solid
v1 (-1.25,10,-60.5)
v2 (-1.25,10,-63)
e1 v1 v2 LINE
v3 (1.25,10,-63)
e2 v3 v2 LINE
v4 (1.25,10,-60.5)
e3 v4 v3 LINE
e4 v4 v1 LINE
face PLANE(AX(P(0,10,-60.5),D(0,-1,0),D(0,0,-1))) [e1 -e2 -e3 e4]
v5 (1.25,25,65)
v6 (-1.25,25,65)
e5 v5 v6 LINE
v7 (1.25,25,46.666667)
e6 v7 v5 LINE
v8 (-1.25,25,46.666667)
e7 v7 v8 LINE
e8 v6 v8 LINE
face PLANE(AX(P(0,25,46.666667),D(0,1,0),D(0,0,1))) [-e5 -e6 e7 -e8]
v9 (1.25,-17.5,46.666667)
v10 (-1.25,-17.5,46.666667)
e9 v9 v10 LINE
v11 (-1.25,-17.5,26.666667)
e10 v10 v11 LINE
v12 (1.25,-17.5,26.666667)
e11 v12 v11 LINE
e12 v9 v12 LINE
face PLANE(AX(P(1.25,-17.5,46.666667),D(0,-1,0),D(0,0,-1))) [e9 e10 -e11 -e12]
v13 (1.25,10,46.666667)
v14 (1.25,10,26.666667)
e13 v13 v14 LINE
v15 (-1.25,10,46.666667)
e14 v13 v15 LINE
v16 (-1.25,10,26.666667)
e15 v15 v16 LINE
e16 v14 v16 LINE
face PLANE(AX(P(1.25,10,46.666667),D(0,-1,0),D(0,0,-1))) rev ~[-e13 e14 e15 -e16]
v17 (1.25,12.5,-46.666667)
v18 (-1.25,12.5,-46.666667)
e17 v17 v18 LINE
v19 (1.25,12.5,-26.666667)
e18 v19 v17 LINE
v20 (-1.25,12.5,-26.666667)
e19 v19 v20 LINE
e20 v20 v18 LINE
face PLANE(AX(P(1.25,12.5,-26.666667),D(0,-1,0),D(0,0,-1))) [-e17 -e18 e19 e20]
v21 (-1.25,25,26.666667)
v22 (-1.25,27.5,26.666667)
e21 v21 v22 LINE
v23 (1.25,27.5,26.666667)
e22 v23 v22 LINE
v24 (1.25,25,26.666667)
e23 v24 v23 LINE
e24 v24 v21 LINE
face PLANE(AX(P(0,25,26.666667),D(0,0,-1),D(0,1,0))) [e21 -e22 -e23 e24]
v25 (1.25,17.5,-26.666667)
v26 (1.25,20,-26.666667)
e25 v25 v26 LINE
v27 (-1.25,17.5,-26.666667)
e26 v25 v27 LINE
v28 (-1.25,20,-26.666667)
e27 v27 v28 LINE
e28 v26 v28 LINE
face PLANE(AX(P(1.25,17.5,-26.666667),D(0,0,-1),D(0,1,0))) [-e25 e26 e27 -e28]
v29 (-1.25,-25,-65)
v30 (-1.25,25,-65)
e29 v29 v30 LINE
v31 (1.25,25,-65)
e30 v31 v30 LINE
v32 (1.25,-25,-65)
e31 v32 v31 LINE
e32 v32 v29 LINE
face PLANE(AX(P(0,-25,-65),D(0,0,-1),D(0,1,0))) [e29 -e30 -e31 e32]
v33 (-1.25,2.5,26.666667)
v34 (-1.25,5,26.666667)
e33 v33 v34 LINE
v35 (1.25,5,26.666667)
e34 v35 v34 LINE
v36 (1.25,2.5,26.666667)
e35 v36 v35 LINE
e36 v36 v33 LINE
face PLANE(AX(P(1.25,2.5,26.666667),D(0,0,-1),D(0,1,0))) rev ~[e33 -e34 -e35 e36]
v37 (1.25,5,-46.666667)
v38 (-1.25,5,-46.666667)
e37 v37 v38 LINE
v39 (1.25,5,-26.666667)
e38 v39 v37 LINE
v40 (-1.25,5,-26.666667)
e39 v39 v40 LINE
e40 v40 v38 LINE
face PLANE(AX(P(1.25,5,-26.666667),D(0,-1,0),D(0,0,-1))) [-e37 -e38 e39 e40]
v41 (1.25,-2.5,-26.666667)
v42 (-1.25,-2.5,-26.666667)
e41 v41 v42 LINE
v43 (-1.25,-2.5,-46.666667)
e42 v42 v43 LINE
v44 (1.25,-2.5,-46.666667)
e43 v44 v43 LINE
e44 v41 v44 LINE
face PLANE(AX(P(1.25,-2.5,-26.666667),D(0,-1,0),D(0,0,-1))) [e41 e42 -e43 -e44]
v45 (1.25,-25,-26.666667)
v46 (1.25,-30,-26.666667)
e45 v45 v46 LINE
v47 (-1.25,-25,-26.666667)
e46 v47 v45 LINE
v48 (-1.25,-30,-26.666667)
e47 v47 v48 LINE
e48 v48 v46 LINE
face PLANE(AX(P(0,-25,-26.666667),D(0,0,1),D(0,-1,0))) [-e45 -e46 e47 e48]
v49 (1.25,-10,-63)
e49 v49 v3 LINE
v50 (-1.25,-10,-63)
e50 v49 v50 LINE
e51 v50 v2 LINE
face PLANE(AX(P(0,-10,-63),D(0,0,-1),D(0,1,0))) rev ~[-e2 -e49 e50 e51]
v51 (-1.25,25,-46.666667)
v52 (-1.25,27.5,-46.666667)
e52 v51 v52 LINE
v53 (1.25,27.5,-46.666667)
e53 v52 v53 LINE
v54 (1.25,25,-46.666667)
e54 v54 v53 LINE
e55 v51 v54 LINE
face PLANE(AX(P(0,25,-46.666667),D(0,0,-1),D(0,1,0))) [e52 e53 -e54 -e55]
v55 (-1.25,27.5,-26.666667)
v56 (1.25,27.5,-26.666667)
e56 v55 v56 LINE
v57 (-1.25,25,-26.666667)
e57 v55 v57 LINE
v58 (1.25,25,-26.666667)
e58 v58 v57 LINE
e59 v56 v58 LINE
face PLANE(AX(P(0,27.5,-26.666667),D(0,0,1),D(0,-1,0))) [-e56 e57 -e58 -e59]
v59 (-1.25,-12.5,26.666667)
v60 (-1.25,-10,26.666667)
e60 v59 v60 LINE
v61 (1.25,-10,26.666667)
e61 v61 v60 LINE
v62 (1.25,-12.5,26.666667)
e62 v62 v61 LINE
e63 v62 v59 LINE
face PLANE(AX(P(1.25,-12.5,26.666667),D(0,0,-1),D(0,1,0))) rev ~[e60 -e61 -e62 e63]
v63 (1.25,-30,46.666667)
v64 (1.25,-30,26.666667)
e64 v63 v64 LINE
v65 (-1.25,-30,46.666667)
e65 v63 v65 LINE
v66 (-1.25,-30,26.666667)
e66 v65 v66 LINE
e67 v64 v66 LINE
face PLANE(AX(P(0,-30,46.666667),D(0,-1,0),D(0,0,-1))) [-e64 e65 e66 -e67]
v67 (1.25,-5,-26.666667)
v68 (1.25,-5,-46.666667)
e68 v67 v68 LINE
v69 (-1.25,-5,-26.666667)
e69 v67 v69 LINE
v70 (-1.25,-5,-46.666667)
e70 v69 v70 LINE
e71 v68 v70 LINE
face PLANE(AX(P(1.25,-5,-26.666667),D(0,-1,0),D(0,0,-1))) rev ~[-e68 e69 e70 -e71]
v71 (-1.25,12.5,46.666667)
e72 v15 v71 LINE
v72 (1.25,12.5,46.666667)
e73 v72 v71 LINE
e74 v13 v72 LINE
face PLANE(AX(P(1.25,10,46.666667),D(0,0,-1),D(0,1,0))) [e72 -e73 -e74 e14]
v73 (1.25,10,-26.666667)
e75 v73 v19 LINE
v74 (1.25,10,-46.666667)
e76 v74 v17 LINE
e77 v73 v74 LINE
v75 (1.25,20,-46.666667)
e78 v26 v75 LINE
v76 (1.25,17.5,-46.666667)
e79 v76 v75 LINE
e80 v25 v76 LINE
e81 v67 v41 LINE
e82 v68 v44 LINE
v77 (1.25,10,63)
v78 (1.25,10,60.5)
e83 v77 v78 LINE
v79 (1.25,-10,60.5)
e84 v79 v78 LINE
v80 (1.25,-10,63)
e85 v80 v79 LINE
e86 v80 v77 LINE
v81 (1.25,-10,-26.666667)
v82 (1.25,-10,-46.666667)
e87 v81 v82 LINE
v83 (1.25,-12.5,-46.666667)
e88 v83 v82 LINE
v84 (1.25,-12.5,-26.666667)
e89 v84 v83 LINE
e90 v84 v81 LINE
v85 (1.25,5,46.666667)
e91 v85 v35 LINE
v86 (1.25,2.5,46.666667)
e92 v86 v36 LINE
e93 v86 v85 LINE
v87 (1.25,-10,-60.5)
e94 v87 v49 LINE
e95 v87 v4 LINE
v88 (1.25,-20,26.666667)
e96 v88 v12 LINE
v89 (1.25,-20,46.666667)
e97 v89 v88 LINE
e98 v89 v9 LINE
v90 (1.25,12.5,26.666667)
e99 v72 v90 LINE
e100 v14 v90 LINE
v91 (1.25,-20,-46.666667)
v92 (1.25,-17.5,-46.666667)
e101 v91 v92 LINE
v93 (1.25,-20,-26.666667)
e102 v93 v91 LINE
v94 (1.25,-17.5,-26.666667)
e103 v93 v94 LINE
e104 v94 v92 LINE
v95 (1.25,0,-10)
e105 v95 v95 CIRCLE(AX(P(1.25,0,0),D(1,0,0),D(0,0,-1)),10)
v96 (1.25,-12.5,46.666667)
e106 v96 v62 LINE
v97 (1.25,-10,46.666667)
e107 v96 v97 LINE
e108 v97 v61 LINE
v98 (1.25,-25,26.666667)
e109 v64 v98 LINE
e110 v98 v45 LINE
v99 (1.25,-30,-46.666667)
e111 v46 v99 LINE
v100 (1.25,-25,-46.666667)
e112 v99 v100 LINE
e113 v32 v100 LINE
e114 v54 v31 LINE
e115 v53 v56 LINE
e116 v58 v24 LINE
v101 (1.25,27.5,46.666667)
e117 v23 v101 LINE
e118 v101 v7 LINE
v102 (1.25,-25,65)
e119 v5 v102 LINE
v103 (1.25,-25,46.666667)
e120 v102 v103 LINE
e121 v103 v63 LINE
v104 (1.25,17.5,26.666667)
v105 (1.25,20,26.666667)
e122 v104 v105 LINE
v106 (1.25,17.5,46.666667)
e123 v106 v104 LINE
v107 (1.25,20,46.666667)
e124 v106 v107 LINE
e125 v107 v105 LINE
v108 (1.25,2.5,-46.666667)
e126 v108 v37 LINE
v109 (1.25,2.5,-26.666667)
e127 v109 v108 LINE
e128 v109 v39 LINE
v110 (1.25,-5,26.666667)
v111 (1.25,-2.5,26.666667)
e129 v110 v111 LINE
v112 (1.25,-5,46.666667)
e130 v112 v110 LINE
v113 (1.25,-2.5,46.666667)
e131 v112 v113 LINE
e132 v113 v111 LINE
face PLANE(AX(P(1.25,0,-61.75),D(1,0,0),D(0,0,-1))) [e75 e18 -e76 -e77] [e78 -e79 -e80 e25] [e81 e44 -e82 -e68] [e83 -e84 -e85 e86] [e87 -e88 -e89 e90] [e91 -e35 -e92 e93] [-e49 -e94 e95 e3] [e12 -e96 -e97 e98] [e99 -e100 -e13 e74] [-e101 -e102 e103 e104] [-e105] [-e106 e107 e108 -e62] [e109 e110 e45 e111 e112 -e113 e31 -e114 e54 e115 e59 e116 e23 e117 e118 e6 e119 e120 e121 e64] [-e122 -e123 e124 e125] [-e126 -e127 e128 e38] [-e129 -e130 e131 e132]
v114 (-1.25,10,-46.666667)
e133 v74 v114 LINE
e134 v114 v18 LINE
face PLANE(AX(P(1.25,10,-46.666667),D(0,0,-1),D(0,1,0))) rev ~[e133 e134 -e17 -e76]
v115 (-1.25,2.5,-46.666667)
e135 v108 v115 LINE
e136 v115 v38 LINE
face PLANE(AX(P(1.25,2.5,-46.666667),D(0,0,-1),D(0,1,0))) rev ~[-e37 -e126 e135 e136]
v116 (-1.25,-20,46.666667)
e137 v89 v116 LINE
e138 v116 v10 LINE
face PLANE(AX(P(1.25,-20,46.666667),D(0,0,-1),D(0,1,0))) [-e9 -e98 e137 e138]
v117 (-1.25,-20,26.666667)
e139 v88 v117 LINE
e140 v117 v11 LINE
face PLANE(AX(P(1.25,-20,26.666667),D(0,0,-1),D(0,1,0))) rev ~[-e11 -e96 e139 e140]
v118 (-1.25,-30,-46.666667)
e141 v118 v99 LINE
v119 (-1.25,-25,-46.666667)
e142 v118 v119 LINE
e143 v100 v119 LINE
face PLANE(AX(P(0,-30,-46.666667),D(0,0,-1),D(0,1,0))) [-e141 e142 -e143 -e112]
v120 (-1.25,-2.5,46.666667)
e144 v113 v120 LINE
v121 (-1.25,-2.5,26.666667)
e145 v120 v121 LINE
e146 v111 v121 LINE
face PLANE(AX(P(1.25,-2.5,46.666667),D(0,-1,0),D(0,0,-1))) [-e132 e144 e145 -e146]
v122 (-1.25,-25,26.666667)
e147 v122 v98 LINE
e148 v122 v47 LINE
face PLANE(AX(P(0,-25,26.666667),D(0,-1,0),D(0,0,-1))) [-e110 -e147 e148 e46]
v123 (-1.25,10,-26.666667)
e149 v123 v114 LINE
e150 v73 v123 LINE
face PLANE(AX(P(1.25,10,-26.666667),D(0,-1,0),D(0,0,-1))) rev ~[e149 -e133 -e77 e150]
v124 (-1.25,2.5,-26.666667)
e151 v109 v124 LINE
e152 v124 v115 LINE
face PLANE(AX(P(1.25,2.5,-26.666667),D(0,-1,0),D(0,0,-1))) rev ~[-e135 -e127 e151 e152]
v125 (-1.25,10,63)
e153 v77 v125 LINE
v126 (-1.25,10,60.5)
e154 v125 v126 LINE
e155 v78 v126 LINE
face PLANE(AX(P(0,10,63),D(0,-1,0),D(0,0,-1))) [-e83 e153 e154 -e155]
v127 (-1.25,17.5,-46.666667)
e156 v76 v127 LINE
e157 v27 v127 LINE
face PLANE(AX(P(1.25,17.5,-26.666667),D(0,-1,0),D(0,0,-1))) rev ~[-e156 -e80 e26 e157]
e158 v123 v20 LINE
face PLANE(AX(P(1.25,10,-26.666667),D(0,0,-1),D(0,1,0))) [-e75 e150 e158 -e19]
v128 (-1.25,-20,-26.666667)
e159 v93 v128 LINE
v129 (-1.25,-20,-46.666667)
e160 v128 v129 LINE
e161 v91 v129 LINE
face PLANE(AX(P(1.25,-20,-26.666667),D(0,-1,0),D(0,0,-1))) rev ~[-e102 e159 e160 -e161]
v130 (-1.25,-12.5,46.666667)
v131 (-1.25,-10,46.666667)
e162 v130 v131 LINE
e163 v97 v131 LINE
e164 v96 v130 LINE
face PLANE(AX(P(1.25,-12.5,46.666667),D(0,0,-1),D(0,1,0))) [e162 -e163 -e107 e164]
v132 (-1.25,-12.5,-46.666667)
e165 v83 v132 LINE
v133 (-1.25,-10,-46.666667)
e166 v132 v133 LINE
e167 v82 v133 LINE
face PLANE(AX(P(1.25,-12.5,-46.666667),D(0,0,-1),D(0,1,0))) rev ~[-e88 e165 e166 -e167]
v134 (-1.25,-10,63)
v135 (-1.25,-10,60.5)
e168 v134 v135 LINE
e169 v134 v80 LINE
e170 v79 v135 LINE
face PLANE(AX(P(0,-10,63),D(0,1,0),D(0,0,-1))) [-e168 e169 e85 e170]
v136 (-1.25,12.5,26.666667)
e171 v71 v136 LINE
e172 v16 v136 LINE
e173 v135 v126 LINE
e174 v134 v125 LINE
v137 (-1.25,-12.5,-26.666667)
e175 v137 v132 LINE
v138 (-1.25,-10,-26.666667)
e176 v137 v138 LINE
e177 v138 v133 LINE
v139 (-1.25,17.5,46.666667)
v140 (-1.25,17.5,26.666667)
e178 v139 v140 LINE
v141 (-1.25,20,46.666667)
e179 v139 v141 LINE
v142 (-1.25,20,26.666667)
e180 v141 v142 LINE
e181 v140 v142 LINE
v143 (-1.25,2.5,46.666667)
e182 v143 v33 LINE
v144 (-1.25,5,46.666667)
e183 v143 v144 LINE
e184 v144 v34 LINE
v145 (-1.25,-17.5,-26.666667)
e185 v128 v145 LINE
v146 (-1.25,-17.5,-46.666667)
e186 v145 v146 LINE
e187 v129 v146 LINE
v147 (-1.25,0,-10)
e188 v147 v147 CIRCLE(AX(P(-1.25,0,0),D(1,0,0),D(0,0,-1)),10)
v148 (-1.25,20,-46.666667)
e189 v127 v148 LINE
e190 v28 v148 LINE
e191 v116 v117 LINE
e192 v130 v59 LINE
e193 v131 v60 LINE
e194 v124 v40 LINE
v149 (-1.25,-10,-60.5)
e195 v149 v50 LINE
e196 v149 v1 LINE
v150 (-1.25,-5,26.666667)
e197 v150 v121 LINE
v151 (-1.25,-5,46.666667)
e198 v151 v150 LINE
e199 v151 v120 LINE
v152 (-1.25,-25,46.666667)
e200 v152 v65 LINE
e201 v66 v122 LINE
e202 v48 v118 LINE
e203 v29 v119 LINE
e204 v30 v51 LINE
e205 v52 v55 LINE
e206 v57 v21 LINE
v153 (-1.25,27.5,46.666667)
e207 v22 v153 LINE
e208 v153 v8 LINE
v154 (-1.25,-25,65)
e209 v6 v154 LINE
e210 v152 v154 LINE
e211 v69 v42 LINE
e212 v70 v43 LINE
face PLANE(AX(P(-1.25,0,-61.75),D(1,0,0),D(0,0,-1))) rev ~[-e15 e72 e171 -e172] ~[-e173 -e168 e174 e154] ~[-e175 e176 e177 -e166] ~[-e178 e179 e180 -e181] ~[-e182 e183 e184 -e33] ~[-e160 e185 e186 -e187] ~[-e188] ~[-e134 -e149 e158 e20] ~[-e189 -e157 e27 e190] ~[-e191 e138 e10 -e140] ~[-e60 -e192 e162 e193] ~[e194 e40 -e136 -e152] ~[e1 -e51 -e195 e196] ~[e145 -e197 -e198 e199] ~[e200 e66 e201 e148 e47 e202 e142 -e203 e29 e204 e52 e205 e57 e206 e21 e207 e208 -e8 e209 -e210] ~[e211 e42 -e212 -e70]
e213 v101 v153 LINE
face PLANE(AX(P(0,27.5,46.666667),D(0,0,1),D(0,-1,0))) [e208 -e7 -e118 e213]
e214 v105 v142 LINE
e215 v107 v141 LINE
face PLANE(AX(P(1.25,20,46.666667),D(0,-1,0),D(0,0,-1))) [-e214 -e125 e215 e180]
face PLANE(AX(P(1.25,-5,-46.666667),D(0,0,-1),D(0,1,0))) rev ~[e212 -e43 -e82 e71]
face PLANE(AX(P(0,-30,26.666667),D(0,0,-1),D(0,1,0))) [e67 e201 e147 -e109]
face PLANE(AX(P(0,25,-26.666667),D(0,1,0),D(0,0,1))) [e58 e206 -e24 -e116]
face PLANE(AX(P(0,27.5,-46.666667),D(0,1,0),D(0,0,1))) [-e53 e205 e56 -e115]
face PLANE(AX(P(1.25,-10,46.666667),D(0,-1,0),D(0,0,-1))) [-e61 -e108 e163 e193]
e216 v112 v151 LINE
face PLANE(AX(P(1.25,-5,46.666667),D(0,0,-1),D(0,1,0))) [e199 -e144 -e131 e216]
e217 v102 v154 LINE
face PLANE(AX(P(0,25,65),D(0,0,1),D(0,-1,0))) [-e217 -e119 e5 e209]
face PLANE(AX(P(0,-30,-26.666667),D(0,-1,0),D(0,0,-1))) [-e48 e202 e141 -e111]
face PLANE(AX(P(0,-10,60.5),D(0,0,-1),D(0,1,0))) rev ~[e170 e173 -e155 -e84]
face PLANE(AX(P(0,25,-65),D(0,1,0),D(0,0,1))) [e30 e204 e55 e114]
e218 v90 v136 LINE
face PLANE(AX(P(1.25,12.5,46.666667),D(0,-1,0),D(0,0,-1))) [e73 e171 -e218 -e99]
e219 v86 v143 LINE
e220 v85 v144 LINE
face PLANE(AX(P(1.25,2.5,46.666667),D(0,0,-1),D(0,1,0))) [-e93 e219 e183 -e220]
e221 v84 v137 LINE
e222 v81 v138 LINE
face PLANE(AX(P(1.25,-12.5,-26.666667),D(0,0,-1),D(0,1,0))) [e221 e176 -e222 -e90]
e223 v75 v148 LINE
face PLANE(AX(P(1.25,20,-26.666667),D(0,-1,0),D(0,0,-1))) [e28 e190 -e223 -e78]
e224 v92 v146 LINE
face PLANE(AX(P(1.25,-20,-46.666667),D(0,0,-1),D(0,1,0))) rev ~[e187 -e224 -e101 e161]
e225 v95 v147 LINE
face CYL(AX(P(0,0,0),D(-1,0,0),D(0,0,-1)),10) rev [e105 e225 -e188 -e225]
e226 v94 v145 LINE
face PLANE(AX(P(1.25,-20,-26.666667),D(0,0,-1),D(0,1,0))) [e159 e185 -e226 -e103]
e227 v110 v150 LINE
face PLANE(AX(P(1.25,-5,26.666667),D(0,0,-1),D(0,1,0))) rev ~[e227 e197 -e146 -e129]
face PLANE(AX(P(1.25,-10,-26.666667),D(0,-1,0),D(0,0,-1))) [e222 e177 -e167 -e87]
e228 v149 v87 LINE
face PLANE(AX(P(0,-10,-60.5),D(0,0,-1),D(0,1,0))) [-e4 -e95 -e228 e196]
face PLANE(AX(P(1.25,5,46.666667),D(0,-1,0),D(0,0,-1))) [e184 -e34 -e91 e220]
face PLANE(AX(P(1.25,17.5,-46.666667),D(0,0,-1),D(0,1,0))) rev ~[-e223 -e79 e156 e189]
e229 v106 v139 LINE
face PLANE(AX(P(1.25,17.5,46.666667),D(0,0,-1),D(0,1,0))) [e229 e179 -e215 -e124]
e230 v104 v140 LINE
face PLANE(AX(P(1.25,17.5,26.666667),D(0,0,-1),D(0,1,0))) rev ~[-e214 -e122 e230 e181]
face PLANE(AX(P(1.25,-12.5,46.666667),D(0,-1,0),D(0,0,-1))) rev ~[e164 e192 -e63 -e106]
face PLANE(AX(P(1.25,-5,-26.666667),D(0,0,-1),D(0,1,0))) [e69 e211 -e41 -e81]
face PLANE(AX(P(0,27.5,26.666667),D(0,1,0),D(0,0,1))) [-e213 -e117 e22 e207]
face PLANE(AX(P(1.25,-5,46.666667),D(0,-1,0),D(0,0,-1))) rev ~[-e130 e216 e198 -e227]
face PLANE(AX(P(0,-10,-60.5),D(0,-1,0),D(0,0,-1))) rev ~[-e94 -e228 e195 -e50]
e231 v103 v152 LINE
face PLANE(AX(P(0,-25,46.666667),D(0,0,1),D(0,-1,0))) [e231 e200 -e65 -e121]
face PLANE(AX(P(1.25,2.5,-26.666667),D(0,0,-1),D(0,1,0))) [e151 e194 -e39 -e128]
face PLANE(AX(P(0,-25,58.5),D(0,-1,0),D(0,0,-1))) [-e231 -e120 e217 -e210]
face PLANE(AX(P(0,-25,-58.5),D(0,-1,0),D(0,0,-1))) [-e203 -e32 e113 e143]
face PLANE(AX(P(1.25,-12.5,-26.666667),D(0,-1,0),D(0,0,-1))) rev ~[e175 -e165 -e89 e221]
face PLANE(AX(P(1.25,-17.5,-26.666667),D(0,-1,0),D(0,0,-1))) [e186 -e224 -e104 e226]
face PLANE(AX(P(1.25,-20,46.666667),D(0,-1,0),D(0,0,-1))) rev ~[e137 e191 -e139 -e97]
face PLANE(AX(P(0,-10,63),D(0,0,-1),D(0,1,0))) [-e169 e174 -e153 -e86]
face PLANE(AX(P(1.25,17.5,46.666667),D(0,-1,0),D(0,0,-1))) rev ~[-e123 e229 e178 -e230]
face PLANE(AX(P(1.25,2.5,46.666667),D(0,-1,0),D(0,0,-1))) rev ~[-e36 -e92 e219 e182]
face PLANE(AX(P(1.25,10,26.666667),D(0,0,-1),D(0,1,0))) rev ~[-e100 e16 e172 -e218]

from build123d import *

# Parameters (mm, degrees)
SKETCH1_4_R         = 10
SKETCH1_4_W         = 2.5
SKETCH1_4_H         = 20
BOSS_EXTRUDE3_DEPTH = 1.25
SKETCH2_W           = 20
SKETCH2_H           = 2.5
CUT_EXTRUDE1_DEPTH  = 72.632743909


with BuildPart() as part:
    # Sketch1<4> → Boss-Extrude3 (new, symmetric)
    with BuildSketch(Plane(origin=(0, 0, 0), x_dir=(0, 0, -1), z_dir=(1, 0, 0))):
        Polygon((-26.666666667, -30), (-26.666666667, -25), (26.666666667, -25), (26.666666667, -30), (46.666666667, -30), (46.666666667, -25), (65, -25), (65, 25), (46.666666667, 25), (46.666666667, 27.5), (26.666666667, 27.5), (26.666666667, 25), (-26.666666667, 25), (-26.666666667, 27.5), (-46.666666667, 27.5), (-46.666666667, 25), (-65, 25), (-65, -25), (-46.666666667, -25), (-46.666666667, -30), align=None)
        Circle(SKETCH1_4_R, mode=Mode.SUBTRACT)
        with Locations((-61.75, 0)):
            Rectangle(SKETCH1_4_W, SKETCH1_4_H, mode=Mode.SUBTRACT)
        with Locations((61.75, 0)):
            Rectangle(SKETCH1_4_W, SKETCH1_4_H, mode=Mode.SUBTRACT)
    extrude(amount=BOSS_EXTRUDE3_DEPTH, both=True)

    # Sketch2 → Cut-Extrude1 (cut, through all)
    with BuildSketch(Plane(origin=(1.25, 0, 0), x_dir=(0, 0, -1), z_dir=(1, 0, 0))):
        with Locations((-36.666666667, 18.75)):
            Rectangle(SKETCH2_W, SKETCH2_H)
        with Locations((-36.666666667, 11.25)):
            Rectangle(SKETCH2_W, SKETCH2_H)
        with Locations((-36.666666667, 3.75)):
            Rectangle(SKETCH2_W, SKETCH2_H)
        with Locations((-36.666666667, -3.75)):
            Rectangle(SKETCH2_W, SKETCH2_H)
        with Locations((-36.666666667, -11.25)):
            Rectangle(SKETCH2_W, SKETCH2_H)
        with Locations((-36.666666667, -18.75)):
            Rectangle(SKETCH2_W, SKETCH2_H)
        with Locations((36.666666667, -18.75)):
            Rectangle(SKETCH2_W, SKETCH2_H)
        with Locations((36.666666667, -11.25)):
            Rectangle(SKETCH2_W, SKETCH2_H)
        with Locations((36.666666667, -3.75)):
            Rectangle(SKETCH2_W, SKETCH2_H)
        with Locations((36.666666667, 3.75)):
            Rectangle(SKETCH2_W, SKETCH2_H)
        with Locations((36.666666667, 11.25)):
            Rectangle(SKETCH2_W, SKETCH2_H)
        with Locations((36.666666667, 18.75)):
            Rectangle(SKETCH2_W, SKETCH2_H)
    extrude(amount=-CUT_EXTRUDE1_DEPTH, mode=Mode.SUBTRACT)


solid = part.part
